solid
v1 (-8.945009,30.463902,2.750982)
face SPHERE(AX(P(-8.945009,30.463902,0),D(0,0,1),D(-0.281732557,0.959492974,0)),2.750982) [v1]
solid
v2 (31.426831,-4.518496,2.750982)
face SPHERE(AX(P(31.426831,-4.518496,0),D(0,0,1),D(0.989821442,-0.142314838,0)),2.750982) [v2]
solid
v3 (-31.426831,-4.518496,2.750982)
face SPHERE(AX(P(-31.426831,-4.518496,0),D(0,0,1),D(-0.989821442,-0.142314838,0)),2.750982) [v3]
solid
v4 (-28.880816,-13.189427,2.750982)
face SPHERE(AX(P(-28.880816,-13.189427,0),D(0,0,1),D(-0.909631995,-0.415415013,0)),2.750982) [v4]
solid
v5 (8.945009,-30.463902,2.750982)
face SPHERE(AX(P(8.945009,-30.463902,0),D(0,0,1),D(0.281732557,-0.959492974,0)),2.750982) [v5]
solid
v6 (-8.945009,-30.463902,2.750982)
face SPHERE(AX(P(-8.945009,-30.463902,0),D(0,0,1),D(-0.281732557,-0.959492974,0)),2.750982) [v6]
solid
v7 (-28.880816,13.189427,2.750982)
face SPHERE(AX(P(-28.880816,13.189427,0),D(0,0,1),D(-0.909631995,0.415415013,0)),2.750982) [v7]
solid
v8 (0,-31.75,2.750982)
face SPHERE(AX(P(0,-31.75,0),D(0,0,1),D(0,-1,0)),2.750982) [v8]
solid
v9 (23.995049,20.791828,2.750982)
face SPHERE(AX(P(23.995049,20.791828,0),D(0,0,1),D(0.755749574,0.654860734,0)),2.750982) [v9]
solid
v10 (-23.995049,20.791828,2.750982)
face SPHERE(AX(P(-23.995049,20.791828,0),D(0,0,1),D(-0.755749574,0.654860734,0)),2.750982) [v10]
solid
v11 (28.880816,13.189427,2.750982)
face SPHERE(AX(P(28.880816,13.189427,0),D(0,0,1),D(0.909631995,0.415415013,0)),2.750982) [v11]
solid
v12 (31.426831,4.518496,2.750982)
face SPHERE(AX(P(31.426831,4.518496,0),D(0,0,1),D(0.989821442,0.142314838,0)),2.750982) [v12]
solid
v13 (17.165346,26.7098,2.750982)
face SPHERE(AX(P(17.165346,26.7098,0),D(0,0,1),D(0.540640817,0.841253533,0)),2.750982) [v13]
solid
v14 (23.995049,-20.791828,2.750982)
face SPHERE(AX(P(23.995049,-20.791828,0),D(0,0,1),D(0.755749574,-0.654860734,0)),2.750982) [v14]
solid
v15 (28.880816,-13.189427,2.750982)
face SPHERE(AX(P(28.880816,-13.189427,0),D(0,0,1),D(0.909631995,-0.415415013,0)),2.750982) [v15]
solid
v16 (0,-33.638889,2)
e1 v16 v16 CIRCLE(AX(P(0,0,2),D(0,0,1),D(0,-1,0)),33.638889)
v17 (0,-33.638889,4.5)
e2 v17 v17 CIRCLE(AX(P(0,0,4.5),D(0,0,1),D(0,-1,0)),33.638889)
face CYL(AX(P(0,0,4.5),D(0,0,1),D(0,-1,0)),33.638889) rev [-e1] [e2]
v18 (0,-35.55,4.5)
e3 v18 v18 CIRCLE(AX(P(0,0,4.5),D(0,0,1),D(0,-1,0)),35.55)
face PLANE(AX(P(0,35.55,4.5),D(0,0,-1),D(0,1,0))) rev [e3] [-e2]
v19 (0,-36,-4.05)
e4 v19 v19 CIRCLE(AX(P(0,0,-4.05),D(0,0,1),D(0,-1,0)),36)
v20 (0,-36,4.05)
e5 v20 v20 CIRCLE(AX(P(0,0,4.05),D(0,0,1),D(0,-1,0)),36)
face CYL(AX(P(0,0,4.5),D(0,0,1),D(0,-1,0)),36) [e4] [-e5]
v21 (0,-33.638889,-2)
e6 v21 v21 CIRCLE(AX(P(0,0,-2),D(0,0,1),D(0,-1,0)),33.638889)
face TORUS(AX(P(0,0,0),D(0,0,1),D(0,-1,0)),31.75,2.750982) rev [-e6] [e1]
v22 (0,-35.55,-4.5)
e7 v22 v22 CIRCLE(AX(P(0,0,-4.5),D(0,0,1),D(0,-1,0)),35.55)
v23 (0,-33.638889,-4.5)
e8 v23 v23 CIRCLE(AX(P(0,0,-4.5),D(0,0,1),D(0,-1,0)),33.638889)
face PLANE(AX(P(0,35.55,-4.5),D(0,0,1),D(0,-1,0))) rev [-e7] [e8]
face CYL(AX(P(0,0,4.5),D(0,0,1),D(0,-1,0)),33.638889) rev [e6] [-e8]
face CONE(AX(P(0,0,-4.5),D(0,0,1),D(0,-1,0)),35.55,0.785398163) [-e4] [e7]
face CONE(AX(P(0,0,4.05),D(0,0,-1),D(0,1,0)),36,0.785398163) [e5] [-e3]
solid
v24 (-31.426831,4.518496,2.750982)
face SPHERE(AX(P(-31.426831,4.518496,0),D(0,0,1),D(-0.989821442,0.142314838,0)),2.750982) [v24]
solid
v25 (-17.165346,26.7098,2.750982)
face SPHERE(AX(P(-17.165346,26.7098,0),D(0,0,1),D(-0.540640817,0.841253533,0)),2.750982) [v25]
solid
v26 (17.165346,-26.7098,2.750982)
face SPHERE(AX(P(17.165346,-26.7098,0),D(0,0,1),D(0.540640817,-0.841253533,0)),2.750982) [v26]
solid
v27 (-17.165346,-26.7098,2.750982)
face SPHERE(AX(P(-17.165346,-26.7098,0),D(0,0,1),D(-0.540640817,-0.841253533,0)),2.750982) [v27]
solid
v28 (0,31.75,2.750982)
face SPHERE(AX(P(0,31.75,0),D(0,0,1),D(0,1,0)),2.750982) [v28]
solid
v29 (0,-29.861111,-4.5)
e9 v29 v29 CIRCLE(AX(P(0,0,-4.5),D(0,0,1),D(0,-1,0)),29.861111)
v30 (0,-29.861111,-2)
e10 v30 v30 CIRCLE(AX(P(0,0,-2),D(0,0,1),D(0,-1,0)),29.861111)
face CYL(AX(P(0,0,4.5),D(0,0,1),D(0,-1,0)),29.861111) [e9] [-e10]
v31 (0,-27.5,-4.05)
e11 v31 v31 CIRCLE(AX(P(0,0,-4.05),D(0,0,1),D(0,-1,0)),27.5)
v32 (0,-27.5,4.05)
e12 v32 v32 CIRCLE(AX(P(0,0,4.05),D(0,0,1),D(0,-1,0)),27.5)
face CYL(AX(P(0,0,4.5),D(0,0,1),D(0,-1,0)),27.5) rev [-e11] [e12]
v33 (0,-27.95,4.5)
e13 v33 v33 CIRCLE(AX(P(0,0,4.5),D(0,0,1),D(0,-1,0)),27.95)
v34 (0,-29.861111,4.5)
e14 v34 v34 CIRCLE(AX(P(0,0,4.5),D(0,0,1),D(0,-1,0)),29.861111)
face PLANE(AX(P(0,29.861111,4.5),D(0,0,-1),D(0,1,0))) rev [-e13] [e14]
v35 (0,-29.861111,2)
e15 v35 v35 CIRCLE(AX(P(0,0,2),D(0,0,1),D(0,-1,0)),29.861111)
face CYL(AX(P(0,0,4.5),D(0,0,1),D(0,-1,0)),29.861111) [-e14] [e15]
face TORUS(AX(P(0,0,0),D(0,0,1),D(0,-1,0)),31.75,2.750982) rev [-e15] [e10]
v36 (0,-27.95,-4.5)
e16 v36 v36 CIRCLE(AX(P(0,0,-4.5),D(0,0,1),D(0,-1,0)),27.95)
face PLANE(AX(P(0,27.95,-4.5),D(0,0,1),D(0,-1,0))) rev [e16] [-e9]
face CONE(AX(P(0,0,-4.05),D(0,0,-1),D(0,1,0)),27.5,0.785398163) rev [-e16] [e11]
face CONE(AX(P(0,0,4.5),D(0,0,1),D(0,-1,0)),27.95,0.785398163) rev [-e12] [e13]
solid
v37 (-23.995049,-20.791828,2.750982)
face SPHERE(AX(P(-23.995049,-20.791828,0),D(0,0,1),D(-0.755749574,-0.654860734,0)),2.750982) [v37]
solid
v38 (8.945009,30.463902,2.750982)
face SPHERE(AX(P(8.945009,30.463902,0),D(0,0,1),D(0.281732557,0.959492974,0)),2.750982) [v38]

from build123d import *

# Parameters (mm, degrees)
CIRPATTERN1_COUNT = 22


with BuildPart() as part:
    # Sketch6 → Revolve5 (revolve)
    with BuildSketch(Plane(origin=(0, 0, 0), x_dir=(0, 0, -1), z_dir=(1, 0, 0)), mode=Mode.PRIVATE) as revolve5_sk:
        with BuildLine():
            Line((4.05, 36), (4.5, 35.55))
            Line((4.5, 35.55), (4.5, 33.638888889))
            Line((4.5, 33.638888889), (2, 33.638888889))
            ThreePointArc((2, 33.638888889), (0, 34.500981867), (-2, 33.638888889))
            Line((-2, 33.638888889), (-4.5, 33.638888889))
            Line((-4.5, 33.638888889), (-4.5, 35.55))
            Line((-4.5, 35.55), (-4.05, 36))
            Line((-4.05, 36), (4.05, 36))
        make_face()
    revolve(revolve5_sk.sketch.rotate(Axis((0, 0, 4.5), (0, 0, -1)), 180), axis=Axis((0, 0, 4.5), (0, 0, -1)))


with BuildPart() as body_2:
    # Sketch3 → Revolve3 (revolve)
    with BuildSketch(Plane(origin=(0, 0, 0), x_dir=(0, 0, -1), z_dir=(1, 0, 0)), mode=Mode.PRIVATE) as revolve3_sk:
        with BuildLine():
            Line((-4.5, 29.861111111), (-2, 29.861111111))
            ThreePointArc((-2, 29.861111111), (0, 28.999018133), (2, 29.861111111))
            Line((2, 29.861111111), (4.5, 29.861111111))
            Line((4.5, 29.861111111), (4.5, 27.95))
            Line((4.5, 27.95), (4.05, 27.5))
            Line((4.05, 27.5), (-4.05, 27.5))
            Line((-4.05, 27.5), (-4.5, 27.95))
            Line((-4.5, 27.95), (-4.5, 29.861111111))
        make_face()
    revolve(revolve3_sk.sketch.rotate(Axis((0, 0, 4.5), (0, 0, -1)), 180), axis=Axis((0, 0, 4.5), (0, 0, -1)))


with BuildPart() as body_3:
    # Sketch4 → Revolve4 (revolve)
    with BuildSketch(Plane(origin=(0, 0, 0), x_dir=(0, 0, -1), z_dir=(1, 0, 0))):
        with BuildLine():
            Line((-2.750981867, 31.75), (2.750981867, 31.75))
            ThreePointArc((2.750981867, 31.75), (0, 34.500981867), (-2.750981867, 31.75))
        make_face()
    revolve(axis=Axis((0, 31.75, 2.750981867), (0, 0, -1)))


with BuildPart() as cirpattern1_1:
    # CirPattern1: pattern copy
    add(body_3.part.rotate(Axis((0, 0, 0), (0, 0, 1)), 1 * 360 / CIRPATTERN1_COUNT))


with BuildPart() as cirpattern1_2:
    # CirPattern1: pattern copy
    add(body_3.part.rotate(Axis((0, 0, 0), (0, 0, 1)), 2 * 360 / CIRPATTERN1_COUNT))


with BuildPart() as cirpattern1_3:
    # CirPattern1: pattern copy
    add(body_3.part.rotate(Axis((0, 0, 0), (0, 0, 1)), 3 * 360 / CIRPATTERN1_COUNT))


with BuildPart() as cirpattern1_4:
    # CirPattern1: pattern copy
    add(body_3.part.rotate(Axis((0, 0, 0), (0, 0, 1)), 4 * 360 / CIRPATTERN1_COUNT))


with BuildPart() as cirpattern1_5:
    # CirPattern1: pattern copy
    add(body_3.part.rotate(Axis((0, 0, 0), (0, 0, 1)), 5 * 360 / CIRPATTERN1_COUNT))


with BuildPart() as cirpattern1_6:
    # CirPattern1: pattern copy
    add(body_3.part.rotate(Axis((0, 0, 0), (0, 0, 1)), 6 * 360 / CIRPATTERN1_COUNT))


with BuildPart() as cirpattern1_7:
    # CirPattern1: pattern copy
    add(body_3.part.rotate(Axis((0, 0, 0), (0, 0, 1)), 7 * 360 / CIRPATTERN1_COUNT))


with BuildPart() as cirpattern1_8:
    # CirPattern1: pattern copy
    add(body_3.part.rotate(Axis((0, 0, 0), (0, 0, 1)), 8 * 360 / CIRPATTERN1_COUNT))


with BuildPart() as cirpattern1_9:
    # CirPattern1: pattern copy
    add(body_3.part.rotate(Axis((0, 0, 0), (0, 0, 1)), 9 * 360 / CIRPATTERN1_COUNT))


with BuildPart() as cirpattern1_10:
    # CirPattern1: pattern copy
    add(body_3.part.rotate(Axis((0, 0, 0), (0, 0, 1)), 10 * 360 / CIRPATTERN1_COUNT))


with BuildPart() as cirpattern1_11:
    # CirPattern1: pattern copy
    add(body_3.part.rotate(Axis((0, 0, 0), (0, 0, 1)), 11 * 360 / CIRPATTERN1_COUNT))


with BuildPart() as cirpattern1_12:
    # CirPattern1: pattern copy
    add(body_3.part.rotate(Axis((0, 0, 0), (0, 0, 1)), 12 * 360 / CIRPATTERN1_COUNT))


with BuildPart() as cirpattern1_13:
    # CirPattern1: pattern copy
    add(body_3.part.rotate(Axis((0, 0, 0), (0, 0, 1)), 13 * 360 / CIRPATTERN1_COUNT))


with BuildPart() as cirpattern1_14:
    # CirPattern1: pattern copy
    add(body_3.part.rotate(Axis((0, 0, 0), (0, 0, 1)), 14 * 360 / CIRPATTERN1_COUNT))


with BuildPart() as cirpattern1_15:
    # CirPattern1: pattern copy
    add(body_3.part.rotate(Axis((0, 0, 0), (0, 0, 1)), 15 * 360 / CIRPATTERN1_COUNT))


with BuildPart() as cirpattern1_16:
    # CirPattern1: pattern copy
    add(body_3.part.rotate(Axis((0, 0, 0), (0, 0, 1)), 16 * 360 / CIRPATTERN1_COUNT))


with BuildPart() as cirpattern1_17:
    # CirPattern1: pattern copy
    add(body_3.part.rotate(Axis((0, 0, 0), (0, 0, 1)), 17 * 360 / CIRPATTERN1_COUNT))


with BuildPart() as cirpattern1_18:
    # CirPattern1: pattern copy
    add(body_3.part.rotate(Axis((0, 0, 0), (0, 0, 1)), 18 * 360 / CIRPATTERN1_COUNT))


with BuildPart() as cirpattern1_19:
    # CirPattern1: pattern copy
    add(body_3.part.rotate(Axis((0, 0, 0), (0, 0, 1)), 19 * 360 / CIRPATTERN1_COUNT))


with BuildPart() as cirpattern1_20:
    # CirPattern1: pattern copy
    add(body_3.part.rotate(Axis((0, 0, 0), (0, 0, 1)), 20 * 360 / CIRPATTERN1_COUNT))


with BuildPart() as cirpattern1_21:
    # CirPattern1: pattern copy
    add(body_3.part.rotate(Axis((0, 0, 0), (0, 0, 1)), 21 * 360 / CIRPATTERN1_COUNT))


solid = Compound([part.part, body_2.part, body_3.part, cirpattern1_1.part, cirpattern1_2.part, cirpattern1_3.part, cirpattern1_4.part, cirpattern1_5.part, cirpattern1_6.part, cirpattern1_7.part, cirpattern1_8.part, cirpattern1_9.part, cirpattern1_10.part, cirpattern1_11.part, cirpattern1_12.part, cirpattern1_13.part, cirpattern1_14.part, cirpattern1_15.part, cirpattern1_16.part, cirpattern1_17.part, cirpattern1_18.part, cirpattern1_19.part, cirpattern1_20.part, cirpattern1_21.part])
